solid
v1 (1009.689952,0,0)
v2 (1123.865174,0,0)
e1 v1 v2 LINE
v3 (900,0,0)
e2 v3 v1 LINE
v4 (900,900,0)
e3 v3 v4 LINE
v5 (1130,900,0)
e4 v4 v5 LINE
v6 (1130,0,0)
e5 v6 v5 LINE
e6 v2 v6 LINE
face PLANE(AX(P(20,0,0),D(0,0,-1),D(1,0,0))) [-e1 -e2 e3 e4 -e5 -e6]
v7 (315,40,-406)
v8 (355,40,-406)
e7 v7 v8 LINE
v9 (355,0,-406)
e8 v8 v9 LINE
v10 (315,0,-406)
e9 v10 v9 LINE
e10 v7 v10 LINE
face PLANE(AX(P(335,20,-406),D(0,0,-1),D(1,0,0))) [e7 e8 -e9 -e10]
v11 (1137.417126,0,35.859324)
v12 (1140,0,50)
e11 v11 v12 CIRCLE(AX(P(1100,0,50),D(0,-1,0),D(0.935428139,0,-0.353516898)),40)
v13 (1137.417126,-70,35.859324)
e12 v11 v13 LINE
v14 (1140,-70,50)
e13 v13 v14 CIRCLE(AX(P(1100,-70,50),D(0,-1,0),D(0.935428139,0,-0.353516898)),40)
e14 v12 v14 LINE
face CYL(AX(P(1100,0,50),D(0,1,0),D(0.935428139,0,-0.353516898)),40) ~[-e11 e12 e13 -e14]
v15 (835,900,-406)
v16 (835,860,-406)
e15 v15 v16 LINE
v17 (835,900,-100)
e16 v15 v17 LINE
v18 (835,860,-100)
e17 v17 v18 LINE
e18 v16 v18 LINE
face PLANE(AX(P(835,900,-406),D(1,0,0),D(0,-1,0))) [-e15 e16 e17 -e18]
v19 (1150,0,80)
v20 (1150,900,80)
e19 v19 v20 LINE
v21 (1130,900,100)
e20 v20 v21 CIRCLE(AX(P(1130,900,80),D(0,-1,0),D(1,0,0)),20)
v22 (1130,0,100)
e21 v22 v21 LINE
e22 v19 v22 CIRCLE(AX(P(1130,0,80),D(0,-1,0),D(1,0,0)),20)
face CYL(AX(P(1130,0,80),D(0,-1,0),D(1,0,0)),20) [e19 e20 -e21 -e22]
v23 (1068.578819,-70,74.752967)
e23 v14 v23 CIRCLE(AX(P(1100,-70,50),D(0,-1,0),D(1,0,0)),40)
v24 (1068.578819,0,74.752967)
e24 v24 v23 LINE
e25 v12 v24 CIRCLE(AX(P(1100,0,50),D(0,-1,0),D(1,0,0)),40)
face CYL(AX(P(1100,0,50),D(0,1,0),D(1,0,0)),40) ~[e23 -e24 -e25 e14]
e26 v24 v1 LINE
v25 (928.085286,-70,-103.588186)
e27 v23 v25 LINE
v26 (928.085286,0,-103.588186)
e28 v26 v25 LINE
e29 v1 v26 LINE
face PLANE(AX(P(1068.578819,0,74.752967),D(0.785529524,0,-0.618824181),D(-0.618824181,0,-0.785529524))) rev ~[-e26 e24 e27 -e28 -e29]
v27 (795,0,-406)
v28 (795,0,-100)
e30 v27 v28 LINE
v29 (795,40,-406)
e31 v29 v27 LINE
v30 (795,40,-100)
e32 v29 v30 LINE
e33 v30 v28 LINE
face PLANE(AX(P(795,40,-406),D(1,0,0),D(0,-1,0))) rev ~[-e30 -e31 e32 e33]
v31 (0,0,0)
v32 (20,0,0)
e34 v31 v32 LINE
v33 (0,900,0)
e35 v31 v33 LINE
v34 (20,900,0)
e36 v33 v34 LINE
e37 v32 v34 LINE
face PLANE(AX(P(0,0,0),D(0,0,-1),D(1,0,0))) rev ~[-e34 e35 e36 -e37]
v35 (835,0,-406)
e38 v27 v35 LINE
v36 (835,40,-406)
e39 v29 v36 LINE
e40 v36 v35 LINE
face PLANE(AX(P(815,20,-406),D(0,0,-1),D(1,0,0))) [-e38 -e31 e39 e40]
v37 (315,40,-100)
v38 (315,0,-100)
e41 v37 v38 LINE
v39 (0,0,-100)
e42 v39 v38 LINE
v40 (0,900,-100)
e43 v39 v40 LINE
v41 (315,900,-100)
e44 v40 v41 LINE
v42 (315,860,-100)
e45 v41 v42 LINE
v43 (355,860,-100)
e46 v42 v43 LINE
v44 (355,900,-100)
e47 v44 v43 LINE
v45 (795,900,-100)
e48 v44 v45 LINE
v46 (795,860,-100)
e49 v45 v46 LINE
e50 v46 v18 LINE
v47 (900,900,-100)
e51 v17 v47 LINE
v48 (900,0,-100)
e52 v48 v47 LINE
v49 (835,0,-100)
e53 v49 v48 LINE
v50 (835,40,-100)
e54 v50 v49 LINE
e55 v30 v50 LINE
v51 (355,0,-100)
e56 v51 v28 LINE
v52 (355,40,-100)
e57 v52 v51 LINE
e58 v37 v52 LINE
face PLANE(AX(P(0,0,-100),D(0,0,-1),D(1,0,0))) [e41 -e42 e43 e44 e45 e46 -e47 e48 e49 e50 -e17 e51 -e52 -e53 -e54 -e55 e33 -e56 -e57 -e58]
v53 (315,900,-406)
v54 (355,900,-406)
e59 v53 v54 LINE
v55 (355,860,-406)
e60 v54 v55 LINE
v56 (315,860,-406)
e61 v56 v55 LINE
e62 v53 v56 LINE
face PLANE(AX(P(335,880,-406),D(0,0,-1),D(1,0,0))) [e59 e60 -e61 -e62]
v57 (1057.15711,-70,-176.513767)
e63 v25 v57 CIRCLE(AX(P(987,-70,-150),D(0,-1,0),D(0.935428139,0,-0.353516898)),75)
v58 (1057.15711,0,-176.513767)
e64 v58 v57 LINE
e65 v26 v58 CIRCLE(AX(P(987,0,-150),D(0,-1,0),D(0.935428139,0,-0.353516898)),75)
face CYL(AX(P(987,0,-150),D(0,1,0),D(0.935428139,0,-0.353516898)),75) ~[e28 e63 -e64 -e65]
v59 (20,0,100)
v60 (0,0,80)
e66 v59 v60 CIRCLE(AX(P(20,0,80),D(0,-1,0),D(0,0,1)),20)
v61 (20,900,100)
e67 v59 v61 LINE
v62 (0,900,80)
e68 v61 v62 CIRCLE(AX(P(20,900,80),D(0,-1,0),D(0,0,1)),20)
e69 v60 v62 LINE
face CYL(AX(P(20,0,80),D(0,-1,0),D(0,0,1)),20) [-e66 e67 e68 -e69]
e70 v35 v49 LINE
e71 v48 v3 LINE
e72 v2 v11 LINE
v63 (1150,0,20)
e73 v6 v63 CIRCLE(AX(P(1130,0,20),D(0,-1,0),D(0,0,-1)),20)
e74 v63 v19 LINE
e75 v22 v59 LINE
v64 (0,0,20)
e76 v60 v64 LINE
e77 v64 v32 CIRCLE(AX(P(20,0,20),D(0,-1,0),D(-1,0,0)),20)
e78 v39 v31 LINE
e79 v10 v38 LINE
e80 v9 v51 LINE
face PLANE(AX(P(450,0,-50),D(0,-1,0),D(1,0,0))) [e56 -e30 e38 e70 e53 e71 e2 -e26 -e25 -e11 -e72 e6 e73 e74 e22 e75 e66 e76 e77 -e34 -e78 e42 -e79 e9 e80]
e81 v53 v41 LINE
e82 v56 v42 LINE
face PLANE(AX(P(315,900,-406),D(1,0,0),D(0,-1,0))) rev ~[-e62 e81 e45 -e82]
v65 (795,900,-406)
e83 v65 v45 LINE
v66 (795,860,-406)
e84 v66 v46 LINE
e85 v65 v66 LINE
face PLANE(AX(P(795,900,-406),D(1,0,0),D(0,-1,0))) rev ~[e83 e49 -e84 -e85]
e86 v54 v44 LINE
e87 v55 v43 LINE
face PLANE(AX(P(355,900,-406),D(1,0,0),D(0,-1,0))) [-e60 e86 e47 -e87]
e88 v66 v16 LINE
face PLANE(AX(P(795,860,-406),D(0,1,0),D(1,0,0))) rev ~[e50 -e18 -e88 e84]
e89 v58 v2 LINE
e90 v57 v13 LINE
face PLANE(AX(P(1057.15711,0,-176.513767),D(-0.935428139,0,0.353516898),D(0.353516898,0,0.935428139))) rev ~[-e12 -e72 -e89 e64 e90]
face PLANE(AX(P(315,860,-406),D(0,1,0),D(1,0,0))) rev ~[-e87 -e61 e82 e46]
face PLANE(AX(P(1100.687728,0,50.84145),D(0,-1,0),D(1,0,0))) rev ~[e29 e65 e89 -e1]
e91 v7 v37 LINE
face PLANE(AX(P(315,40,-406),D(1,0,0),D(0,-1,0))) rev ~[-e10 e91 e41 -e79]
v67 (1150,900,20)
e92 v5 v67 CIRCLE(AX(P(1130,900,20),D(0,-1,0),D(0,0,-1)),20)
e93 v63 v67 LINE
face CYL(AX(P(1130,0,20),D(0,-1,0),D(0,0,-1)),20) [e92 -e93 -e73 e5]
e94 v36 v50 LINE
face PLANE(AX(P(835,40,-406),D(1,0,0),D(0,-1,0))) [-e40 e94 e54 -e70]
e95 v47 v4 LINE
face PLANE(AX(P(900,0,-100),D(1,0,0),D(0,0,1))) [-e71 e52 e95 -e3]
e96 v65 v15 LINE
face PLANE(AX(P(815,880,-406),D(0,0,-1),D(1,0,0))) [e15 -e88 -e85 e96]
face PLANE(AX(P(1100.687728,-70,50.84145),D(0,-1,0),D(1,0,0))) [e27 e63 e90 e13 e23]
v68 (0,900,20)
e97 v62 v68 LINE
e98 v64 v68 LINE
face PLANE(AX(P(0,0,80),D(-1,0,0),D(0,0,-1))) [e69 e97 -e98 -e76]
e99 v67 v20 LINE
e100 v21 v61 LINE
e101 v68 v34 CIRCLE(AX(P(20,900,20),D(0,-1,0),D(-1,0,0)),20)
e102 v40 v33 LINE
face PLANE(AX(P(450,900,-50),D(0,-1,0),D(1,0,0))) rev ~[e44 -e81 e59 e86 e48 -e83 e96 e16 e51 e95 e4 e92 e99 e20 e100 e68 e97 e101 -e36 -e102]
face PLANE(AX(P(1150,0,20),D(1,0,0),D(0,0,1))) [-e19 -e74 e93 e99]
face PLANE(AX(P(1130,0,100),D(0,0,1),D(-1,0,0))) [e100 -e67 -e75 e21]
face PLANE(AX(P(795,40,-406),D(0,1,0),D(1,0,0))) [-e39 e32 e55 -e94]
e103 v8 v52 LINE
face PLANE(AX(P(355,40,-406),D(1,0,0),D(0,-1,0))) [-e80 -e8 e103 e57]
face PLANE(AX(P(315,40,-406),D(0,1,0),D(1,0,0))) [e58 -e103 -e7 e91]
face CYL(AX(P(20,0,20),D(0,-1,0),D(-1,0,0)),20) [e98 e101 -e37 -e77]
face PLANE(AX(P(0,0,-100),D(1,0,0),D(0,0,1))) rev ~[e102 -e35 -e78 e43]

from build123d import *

# Parameters (mm, degrees)
F1_DEPTH = 900
F2_W     = 900
F2_H     = 100
F3_DEPTH = 900
F5_DEPTH = 70
F7_W     = 40
F7_H     = 40
F8_DEPTH = 306


with BuildPart() as f1:
    # F0 (on Front) → F1 (new body)
    with BuildSketch(Plane.XZ):
        with BuildLine():
            ThreePointArc((0, 20), (5.8578643763, 5.8578643763), (20, 0))
            Line((20, 0), (1130, 0))
            ThreePointArc((1130, 0), (1144.1421356237, 5.8578643763), (1150, 20))
            Line((1150, 20), (1150, 80))
            ThreePointArc((1150, 80), (1144.1421356237, 94.1421356237), (1130, 100))
            Line((1130, 100), (20, 100))
            ThreePointArc((20, 100), (5.8578643763, 94.1421356237), (0, 80))
            Line((0, 80), (0, 20))
        make_face()
    extrude(amount=-F1_DEPTH)

    # F2 (on Front) → F3 (join, through all)
    with BuildSketch(Plane.XZ):
        with Locations((450, -50)):
            Rectangle(F2_W, F2_H)
    extrude(amount=-F3_DEPTH)

    # F4 (on face) → F5 (join)
    with BuildSketch(Plane.XZ):
        with BuildLine():
            ThreePointArc((1137.4171255462, 35.8593240664), (1139.3489836073, 42.8126855449), (1140, 50))
            ThreePointArc((1140, 50), (1113.0987167635, 87.7944919155), (1068.5788190425, 74.752967241))
            ThreePointArc((1068.5788190425, 74.752967241), (1080.3234477683, 15.1742438377), (1137.4171255462, 35.8593240664))
        make_face()
        with BuildLine():
            ThreePointArc((1137.4171255462, 35.8593240664), (1080.3234477683, 15.1742438377), (1068.5788190425, 74.752967241))
            Line((1068.5788190425, 74.752967241), (928.0852857046, -103.5881864231))
            ThreePointArc((928.0852857046, -103.5881864231), (1011.5600939315, -79.1353276584), (1062, -150))
            ThreePointArc((1062, -150), (1060.7793442636, -163.4762146032), (1057.1571103991, -176.5137673755))
            Line((1057.1571103991, -176.5137673755), (1137.4171255462, 35.8593240664))
        make_face()
        with BuildLine():
            ThreePointArc((1062, -150), (1011.5600939315, -79.1353276584), (928.0852857046, -103.5881864231))
            ThreePointArc((928.0852857046, -103.5881864231), (950.1064645656, -215.2982928043), (1057.1571103991, -176.5137673755))
            ThreePointArc((1057.1571103991, -176.5137673755), (1060.7793442636, -163.4762146032), (1062, -150))
        make_face()
    extrude(amount=F5_DEPTH)

    # F7 (on offset) → F8 (join, through all)
    with BuildSketch(Plane(origin=(0, 0, -406), x_dir=(1, 0, 0), z_dir=(0, 0, -1))):
        with Locations((335, -20.0000000002)):
            Rectangle(F7_W, F7_H)
        with Locations((335, -880.0000000002)):
            Rectangle(F7_W, F7_H)
        with Locations((815, -20.0000000002)):
            Rectangle(F7_W, F7_H)
        with Locations((815, -880.0000000002)):
            Rectangle(F7_W, F7_H)
    extrude(amount=-F8_DEPTH)


solid = f1.part
